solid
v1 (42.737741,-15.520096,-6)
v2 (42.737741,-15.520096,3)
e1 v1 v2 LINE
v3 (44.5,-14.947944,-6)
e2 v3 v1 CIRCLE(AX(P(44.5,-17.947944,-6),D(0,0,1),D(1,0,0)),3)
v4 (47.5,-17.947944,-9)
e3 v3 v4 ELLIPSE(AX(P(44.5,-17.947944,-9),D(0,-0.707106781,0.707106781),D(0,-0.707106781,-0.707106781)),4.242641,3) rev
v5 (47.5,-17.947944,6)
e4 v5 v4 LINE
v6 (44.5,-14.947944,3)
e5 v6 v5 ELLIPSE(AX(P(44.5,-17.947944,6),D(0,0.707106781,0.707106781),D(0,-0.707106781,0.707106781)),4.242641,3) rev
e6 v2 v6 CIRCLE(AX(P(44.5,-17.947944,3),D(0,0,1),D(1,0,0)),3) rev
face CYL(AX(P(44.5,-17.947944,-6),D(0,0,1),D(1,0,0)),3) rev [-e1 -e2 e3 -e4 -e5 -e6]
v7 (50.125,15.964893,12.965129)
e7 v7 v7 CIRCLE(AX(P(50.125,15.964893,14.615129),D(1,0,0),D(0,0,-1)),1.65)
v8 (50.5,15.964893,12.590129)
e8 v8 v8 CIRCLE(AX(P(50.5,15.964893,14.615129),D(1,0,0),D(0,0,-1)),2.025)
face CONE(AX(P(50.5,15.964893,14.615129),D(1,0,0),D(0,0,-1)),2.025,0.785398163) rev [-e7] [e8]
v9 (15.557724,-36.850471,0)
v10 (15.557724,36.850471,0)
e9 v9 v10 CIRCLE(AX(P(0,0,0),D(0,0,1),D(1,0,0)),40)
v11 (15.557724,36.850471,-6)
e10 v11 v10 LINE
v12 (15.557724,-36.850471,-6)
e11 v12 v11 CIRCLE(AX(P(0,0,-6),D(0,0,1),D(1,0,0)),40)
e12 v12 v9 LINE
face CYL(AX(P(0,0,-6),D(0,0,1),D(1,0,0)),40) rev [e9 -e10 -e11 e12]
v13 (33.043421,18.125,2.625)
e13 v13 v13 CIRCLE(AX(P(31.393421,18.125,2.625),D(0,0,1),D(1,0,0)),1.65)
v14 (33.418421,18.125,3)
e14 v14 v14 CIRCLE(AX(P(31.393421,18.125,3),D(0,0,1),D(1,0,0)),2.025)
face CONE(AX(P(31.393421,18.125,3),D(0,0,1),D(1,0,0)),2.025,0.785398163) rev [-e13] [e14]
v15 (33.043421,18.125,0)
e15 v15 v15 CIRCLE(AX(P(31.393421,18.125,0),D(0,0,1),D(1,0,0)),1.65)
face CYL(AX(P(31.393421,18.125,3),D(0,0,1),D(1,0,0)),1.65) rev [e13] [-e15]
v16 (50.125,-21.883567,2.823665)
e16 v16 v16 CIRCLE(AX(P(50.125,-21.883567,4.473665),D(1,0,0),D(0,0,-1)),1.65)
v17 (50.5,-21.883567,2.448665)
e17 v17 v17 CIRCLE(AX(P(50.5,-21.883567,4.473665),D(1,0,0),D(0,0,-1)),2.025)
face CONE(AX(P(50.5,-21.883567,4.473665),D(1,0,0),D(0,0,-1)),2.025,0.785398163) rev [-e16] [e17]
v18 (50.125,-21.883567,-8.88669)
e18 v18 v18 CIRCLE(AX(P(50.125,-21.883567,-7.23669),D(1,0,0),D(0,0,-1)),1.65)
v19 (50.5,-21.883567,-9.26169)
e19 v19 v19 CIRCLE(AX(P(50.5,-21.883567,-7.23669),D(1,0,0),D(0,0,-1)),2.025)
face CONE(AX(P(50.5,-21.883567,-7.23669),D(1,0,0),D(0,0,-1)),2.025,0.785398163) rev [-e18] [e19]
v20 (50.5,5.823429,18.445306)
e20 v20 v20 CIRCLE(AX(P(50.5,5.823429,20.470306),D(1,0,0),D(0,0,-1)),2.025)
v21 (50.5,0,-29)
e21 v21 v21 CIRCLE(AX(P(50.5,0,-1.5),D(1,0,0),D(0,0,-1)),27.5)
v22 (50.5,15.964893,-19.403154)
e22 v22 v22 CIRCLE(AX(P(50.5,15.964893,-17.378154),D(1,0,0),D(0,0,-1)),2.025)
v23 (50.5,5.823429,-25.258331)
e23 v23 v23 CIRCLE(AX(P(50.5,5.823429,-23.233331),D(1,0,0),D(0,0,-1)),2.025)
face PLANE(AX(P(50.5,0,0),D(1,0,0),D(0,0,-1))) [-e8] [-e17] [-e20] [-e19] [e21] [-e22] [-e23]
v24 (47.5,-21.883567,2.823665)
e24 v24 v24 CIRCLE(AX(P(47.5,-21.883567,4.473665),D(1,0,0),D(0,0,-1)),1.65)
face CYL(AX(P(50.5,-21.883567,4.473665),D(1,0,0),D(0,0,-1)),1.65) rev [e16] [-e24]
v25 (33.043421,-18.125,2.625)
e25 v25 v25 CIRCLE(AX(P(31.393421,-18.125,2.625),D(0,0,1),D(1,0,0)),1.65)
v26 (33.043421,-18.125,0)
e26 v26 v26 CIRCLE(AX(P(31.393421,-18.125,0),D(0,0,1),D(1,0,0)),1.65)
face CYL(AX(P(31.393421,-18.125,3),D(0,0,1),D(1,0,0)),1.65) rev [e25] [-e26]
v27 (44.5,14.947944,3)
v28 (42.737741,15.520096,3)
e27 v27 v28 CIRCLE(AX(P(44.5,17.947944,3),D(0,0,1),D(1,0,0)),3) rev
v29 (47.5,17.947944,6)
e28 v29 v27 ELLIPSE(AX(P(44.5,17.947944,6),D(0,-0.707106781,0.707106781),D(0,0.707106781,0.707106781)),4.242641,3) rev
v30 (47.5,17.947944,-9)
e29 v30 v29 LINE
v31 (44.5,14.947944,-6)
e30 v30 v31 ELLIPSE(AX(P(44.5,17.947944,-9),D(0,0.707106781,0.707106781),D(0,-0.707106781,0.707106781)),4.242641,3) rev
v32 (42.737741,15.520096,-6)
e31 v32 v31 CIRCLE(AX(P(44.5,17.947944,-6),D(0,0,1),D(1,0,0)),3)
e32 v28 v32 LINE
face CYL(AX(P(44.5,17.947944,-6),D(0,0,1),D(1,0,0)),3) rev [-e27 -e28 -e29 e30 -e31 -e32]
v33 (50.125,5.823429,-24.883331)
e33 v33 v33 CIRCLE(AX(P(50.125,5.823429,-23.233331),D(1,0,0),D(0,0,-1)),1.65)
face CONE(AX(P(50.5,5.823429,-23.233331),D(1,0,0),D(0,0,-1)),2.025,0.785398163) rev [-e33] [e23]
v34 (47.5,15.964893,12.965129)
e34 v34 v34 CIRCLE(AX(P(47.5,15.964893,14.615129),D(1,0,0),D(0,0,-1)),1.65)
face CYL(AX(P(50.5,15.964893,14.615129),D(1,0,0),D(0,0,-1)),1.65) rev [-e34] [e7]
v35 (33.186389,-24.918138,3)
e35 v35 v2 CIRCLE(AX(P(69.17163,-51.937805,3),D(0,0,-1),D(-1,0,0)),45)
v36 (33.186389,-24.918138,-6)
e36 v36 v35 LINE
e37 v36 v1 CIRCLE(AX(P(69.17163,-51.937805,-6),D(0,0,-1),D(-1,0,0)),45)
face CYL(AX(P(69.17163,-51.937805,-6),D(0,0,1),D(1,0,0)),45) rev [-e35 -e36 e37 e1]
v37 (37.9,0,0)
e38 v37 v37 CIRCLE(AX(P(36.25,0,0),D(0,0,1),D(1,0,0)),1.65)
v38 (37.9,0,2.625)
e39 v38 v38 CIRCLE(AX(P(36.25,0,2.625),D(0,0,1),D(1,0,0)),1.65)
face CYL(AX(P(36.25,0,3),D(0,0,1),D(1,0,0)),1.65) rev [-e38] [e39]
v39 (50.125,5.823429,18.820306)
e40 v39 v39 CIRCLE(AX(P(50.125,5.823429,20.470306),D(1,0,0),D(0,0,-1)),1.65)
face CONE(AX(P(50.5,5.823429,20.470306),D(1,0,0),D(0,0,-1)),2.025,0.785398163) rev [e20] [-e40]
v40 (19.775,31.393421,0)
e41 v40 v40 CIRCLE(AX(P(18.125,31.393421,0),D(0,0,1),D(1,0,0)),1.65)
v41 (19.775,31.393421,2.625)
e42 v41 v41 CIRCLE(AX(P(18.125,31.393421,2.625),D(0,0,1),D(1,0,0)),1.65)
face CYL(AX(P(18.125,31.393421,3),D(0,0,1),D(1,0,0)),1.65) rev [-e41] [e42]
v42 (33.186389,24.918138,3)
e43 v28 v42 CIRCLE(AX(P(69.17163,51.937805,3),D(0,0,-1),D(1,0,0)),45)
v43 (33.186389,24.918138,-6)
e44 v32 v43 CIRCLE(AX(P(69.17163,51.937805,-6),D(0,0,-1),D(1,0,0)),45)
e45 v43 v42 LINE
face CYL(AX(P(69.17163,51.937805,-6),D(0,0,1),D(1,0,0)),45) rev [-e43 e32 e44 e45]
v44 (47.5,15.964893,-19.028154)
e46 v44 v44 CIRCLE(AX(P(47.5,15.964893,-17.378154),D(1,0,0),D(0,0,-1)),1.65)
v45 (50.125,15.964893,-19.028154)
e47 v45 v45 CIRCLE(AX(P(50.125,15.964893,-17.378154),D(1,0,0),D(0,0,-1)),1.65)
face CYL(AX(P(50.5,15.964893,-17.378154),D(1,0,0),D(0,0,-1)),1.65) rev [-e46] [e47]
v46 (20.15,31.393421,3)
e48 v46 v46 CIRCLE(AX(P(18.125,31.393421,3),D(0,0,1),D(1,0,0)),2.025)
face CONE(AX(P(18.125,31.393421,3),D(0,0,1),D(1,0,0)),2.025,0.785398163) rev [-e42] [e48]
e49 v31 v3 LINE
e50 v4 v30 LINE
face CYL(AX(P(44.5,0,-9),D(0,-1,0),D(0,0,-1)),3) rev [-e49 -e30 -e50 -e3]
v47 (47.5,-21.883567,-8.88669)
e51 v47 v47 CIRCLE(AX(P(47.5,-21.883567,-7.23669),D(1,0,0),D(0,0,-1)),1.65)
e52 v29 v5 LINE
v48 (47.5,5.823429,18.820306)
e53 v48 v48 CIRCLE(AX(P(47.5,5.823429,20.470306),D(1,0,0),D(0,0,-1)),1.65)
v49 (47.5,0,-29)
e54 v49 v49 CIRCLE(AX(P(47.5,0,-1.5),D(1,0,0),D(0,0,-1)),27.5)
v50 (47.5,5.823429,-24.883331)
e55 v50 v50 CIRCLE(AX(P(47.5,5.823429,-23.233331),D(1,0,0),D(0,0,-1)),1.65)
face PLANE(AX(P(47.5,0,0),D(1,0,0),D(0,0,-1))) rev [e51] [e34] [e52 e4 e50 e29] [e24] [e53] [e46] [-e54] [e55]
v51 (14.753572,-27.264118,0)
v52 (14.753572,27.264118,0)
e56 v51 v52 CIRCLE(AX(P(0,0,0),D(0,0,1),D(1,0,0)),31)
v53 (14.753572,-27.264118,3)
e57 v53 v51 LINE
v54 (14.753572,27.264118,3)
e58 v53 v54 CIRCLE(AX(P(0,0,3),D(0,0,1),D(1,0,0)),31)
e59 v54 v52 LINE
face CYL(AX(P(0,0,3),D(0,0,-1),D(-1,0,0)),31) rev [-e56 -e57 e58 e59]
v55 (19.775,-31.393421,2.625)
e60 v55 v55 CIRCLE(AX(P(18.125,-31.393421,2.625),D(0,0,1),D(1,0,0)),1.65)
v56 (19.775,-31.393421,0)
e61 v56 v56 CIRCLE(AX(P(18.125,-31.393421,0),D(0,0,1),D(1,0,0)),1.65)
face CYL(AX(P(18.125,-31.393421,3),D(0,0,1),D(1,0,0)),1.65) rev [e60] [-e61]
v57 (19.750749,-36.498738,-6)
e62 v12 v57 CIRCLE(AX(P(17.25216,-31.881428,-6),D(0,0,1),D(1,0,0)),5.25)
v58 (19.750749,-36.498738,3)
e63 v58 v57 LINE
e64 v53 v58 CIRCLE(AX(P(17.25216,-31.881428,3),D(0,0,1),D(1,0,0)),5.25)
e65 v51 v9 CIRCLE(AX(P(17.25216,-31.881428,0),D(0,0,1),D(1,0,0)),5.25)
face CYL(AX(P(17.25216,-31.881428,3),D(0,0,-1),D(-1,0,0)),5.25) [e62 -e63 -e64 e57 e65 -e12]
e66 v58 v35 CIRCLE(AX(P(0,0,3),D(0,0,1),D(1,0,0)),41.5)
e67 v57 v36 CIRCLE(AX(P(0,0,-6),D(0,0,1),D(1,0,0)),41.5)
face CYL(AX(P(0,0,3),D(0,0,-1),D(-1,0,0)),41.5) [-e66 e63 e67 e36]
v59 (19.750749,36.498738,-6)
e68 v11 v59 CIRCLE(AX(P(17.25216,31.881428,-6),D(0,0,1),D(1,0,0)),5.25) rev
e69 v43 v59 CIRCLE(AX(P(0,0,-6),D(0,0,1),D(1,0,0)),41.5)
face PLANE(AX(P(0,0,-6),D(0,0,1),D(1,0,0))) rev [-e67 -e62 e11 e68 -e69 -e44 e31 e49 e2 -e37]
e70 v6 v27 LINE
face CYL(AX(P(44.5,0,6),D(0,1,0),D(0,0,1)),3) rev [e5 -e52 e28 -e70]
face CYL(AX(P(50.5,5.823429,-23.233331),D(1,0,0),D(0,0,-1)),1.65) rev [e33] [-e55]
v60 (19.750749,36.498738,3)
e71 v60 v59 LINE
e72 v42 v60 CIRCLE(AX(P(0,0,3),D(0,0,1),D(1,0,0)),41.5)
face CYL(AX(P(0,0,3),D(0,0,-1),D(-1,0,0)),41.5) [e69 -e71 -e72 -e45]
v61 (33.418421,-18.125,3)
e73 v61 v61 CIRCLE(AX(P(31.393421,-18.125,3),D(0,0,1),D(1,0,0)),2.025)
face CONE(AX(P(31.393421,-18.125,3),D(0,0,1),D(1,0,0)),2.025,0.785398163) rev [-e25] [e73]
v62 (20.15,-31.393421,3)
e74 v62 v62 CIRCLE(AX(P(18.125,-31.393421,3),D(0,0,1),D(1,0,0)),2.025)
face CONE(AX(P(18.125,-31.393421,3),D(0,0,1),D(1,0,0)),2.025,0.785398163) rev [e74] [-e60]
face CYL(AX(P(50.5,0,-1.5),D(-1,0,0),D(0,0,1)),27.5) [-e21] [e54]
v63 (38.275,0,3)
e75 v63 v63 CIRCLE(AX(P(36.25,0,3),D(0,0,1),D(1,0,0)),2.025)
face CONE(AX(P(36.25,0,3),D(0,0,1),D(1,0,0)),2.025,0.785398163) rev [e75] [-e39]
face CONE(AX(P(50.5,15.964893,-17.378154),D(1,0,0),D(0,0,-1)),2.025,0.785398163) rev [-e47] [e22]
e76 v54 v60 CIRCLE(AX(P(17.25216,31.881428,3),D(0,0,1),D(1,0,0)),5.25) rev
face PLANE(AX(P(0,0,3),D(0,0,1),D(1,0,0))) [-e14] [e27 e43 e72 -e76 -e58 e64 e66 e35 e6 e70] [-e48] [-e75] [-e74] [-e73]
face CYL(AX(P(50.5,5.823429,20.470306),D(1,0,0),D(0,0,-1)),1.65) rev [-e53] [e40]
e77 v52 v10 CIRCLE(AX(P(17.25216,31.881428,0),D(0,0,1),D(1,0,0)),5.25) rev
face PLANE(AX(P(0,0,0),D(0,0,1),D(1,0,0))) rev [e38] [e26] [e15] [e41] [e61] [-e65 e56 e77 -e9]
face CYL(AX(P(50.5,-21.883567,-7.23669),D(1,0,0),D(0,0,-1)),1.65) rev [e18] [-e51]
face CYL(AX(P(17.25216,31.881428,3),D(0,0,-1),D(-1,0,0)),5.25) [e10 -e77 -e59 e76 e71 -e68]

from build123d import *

# Parameters (mm, degrees)
BOSS_EXTRUDE5_DEPTH = 3
BOSS_EXTRUDE6_START = -6
BOSS_EXTRUDE6_DEPTH = 6
CIRPATTERN4_COUNT   = 12
BOSS_EXTRUDE8_START = -9
BOSS_EXTRUDE8_DEPTH = 9
SKETCH25_R          = 27.5
SKETCH25_W          = 9
SKETCH25_H          = 25
BOSS_EXTRUDE9_DEPTH = 3
CIRPATTERN5_COUNT   = 12
FILLET2_R           = 3


with BuildPart() as part:
    # Sketch1 → Boss-Extrude5 (new body)
    with BuildSketch(Plane.XY):
        with BuildLine():
            ThreePointArc((14.753571677, -27.264117862), (12.634850146, -34.380016896), (19.750749181, -36.498738428))
            ThreePointArc((19.750749181, -36.498738428), (41.5, 0), (19.750749181, 36.498738428))
            ThreePointArc((19.750749181, 36.498738428), (12.634850146, 34.380016896), (14.753571677, 27.264117862))
            ThreePointArc((14.753571677, 27.264117862), (31, 0), (14.753571677, -27.264117862))
        make_face()
    extrude(amount=BOSS_EXTRUDE5_DEPTH)

    # Sketch1<7> → Boss-Extrude6 (add)
    with BuildSketch(Plane.XY.offset(BOSS_EXTRUDE6_START)):
        with BuildLine():
            ThreePointArc((40, 0), (33.333983987, -22.109851007), (15.557724422, -36.850470972))
            ThreePointArc((15.557724422, -36.850470972), (17.691016162, -37.113053671), (19.750749181, -36.498738428))
            ThreePointArc((19.750749181, -36.498738428), (35.650428406, -21.243750952), (41.5, 0))
            ThreePointArc((41.5, 0), (35.650428406, 21.243750952), (19.750749181, 36.498738428))
            ThreePointArc((19.750749181, 36.498738428), (17.691016162, 37.113053671), (15.557724422, 36.850470972))
            ThreePointArc((15.557724422, 36.850470972), (33.333983987, 22.109851007), (40, 0))
        make_face()
    extrude(amount=BOSS_EXTRUDE6_DEPTH)

    # Sketch23 → M4x0.7 Tapped Hole4 (revolve, cut)
    with BuildSketch(Plane(origin=(36.25, 0, 3), x_dir=(0, -1, 0), z_dir=(1, 0, 0))):
        Polygon((0, 0), (0, 11.091420021), (1.65, 10.1), (1.65, 0.375), (2.025, 0), align=None)
    m4x0_7_tapped_hole4 = revolve(axis=Axis((36.25, 0, 9.35), (0, 0, -1)), mode=Mode.SUBTRACT)

    # CirPattern4: M4x0.7 Tapped Hole4 ×12 about axis, 7 skipped
    cirpattern4_axis = Axis((0, 0, 0), (0, 0, -1))
    add([m4x0_7_tapped_hole4.rotate(cirpattern4_axis, i * 360 / CIRPATTERN4_COUNT) for i in range(1, CIRPATTERN4_COUNT) if i not in (3, 4, 5, 6, 7, 8, 9)], mode=Mode.SUBTRACT)

    # Sketch15 → Boss-Extrude8 (add)
    with BuildSketch(Plane.XY.offset(3).offset(BOSS_EXTRUDE8_START)):
        with BuildLine():
            Line((47.5, 12.5), (47.5, -12.5))
            ThreePointArc((47.5, -12.5), (39.682119593, -17.947088957), (33.186389126, -24.918137506))
            ThreePointArc((33.186389126, -24.918137506), (41.5, 0), (33.186389126, 24.918137506))
            ThreePointArc((33.186389126, 24.918137506), (39.682119593, 17.947088957), (47.5, 12.5))
        make_face()
    extrude(amount=BOSS_EXTRUDE8_DEPTH)

    # Sketch25 → Boss-Extrude9 (add)
    # profile 1 of 2: a face of its own
    with BuildSketch(Plane(origin=(47.5, 0, 0), x_dir=(0, 0, -1), z_dir=(1, 0, 0))):
        with Locations((1.5, 0)):
            Circle(SKETCH25_R)
        with Locations((1.5, 0)):
            Rectangle(SKETCH25_W, SKETCH25_H, mode=Mode.SUBTRACT)
    # profile 2 of 2: a face of its own
    with BuildSketch(Plane(origin=(47.5, 0, 0), x_dir=(0, 0, -1), z_dir=(1, 0, 0))):
        with Locations((1.5, 0)):
            Rectangle(SKETCH25_W, SKETCH25_H)
    extrude(amount=BOSS_EXTRUDE9_DEPTH)

    # Sketch28 → M4x0.7 Tapped Hole5 (revolve, cut)
    with BuildSketch(Plane(origin=(50.5, 5.823428515, -23.233331092), x_dir=(0, 0, -1), z_dir=(0, 1, 0))):
        Polygon((0, 0), (0, 11.091420021), (1.65, 10.1), (1.65, 0.375), (2.025, 0), align=None)
    m4x0_7_tapped_hole5 = revolve(axis=Axis((56.85, 5.823428515, -23.233331092), (-1, 0, 0)), mode=Mode.SUBTRACT)

    # CirPattern5: M4x0.7 Tapped Hole5 ×12 about axis, 6 skipped
    cirpattern5_axis = Axis((0, -0.031748609, -1.381512577), (1, 0, 0))
    add([m4x0_7_tapped_hole5.rotate(cirpattern5_axis, i * 360 / CIRPATTERN5_COUNT) for i in range(1, CIRPATTERN5_COUNT) if i not in (2, 3, 6, 7, 10, 11)], mode=Mode.SUBTRACT)

    # Fillet2
    fillet2_edges = [part.edges().sort_by_distance(p)[0] for p in [
        (47.5, 0, -6),
        (47.5, 12.5, -1.5),
        (47.5, -12.5, -1.5),
        (47.5, 0, 3),
    ]]
    fillet(fillet2_edges, radius=FILLET2_R)


solid = part.part
